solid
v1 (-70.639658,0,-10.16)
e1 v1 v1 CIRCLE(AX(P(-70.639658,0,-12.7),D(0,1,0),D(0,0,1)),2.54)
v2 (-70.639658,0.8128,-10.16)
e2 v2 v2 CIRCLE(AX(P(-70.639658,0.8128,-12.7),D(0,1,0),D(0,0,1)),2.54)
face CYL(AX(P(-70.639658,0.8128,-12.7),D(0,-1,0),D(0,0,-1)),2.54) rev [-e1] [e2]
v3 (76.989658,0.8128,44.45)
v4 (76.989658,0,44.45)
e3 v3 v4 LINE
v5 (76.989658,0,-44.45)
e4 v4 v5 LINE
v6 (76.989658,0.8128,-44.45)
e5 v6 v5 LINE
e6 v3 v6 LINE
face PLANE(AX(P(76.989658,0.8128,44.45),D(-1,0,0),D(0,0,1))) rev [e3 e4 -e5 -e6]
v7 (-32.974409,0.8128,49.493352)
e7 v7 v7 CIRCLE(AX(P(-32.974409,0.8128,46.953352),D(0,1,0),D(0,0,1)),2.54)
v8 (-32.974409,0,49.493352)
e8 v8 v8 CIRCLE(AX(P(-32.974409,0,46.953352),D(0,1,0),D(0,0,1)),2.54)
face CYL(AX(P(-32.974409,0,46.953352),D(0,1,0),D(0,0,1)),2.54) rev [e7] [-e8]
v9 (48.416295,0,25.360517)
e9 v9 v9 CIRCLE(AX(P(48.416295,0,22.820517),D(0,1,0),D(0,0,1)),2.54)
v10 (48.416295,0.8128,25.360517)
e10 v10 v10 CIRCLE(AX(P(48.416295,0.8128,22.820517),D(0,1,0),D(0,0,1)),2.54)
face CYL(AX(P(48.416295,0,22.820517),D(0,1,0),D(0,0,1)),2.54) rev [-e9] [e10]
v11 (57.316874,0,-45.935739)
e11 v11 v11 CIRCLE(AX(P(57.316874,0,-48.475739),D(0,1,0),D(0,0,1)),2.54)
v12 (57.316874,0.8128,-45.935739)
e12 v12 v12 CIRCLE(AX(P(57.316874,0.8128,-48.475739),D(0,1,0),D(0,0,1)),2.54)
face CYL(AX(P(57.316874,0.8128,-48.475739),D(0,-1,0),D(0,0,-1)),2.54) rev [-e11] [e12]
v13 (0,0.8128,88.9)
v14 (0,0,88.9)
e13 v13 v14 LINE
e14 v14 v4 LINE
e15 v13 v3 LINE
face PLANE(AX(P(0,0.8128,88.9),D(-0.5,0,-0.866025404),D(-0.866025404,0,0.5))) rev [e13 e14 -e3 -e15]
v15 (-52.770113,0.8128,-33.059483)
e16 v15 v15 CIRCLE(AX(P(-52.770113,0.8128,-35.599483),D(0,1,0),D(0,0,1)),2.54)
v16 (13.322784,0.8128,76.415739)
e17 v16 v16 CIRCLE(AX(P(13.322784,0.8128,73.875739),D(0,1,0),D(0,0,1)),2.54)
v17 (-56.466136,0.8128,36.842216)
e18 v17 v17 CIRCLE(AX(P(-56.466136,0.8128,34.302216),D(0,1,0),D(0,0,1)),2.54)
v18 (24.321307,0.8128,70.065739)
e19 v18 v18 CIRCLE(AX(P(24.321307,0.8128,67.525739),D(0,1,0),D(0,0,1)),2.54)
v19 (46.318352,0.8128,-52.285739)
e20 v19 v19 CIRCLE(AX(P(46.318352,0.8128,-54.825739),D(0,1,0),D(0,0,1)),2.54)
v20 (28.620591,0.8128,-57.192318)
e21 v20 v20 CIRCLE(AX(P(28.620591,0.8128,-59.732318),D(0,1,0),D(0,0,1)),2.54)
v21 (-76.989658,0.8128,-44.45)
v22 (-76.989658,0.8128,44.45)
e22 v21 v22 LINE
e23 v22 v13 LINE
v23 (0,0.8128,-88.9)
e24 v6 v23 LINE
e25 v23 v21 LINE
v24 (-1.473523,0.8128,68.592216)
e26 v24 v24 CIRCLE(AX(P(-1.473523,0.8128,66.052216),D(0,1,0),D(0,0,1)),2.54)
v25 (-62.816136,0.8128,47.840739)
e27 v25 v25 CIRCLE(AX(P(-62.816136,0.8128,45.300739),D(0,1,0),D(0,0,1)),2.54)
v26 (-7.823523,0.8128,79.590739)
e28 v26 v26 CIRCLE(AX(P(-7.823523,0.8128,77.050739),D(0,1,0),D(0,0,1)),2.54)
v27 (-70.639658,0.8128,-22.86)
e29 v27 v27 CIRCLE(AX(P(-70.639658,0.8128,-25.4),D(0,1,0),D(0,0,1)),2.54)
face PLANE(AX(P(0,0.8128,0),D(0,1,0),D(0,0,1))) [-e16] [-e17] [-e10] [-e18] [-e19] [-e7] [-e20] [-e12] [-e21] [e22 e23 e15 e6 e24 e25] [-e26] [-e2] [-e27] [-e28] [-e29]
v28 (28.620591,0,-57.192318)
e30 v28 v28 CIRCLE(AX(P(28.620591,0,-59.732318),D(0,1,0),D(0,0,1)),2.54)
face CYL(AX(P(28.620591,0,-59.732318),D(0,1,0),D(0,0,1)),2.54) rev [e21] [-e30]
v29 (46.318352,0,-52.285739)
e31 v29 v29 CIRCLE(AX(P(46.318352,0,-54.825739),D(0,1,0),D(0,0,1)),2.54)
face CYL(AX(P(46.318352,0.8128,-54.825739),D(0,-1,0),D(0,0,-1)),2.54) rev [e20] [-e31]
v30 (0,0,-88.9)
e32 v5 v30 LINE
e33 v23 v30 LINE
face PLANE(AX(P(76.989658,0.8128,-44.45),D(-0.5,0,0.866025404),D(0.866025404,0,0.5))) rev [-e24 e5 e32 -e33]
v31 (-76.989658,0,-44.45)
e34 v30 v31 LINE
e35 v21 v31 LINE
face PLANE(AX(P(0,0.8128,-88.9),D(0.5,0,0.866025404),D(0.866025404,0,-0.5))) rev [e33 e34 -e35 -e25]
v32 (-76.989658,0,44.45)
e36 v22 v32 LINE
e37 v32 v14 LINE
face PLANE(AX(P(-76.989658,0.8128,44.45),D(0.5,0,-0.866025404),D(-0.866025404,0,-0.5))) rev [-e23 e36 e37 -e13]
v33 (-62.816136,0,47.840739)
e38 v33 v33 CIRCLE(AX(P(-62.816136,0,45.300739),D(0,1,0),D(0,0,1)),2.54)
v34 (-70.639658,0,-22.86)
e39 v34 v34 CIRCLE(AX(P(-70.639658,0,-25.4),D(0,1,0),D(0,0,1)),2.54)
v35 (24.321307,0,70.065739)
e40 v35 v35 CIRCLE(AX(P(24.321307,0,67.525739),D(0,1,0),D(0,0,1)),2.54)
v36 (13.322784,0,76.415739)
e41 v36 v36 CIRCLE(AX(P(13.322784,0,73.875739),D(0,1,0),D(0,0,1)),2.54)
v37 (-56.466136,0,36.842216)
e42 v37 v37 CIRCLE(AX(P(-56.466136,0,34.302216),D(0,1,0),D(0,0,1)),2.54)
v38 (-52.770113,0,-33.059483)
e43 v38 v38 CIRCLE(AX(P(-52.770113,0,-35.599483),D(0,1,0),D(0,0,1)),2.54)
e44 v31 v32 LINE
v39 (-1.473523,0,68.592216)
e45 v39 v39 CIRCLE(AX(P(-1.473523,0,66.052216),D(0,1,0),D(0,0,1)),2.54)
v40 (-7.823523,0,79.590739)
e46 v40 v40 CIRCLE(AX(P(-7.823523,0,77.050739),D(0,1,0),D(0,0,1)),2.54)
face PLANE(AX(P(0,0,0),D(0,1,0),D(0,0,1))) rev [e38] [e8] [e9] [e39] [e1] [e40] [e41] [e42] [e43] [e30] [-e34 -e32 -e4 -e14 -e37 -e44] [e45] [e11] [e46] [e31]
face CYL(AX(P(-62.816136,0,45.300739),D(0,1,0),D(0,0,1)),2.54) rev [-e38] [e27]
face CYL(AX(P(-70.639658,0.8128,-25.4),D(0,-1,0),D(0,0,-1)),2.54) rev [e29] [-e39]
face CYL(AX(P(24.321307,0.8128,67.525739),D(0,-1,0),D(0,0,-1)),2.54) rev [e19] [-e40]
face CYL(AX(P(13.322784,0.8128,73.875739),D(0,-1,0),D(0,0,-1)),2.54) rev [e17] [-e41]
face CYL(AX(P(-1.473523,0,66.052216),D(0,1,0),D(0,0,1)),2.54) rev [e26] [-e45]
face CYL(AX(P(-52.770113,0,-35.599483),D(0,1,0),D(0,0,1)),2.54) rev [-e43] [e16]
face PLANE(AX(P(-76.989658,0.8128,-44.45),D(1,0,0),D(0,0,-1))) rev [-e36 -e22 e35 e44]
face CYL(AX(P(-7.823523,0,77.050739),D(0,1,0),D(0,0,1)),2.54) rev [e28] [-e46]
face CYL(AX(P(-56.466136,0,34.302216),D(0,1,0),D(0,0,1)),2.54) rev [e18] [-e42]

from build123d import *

# Parameters (mm, degrees)
SKETCH1_R           = 2.54
BOSS_EXTRUDE1_DEPTH = 0.8128
SKETCH2_R           = 2.54
CUT_EXTRUDE1_DEPTH  = 118.606454516
SKETCH3_R           = 2.54
CUT_EXTRUDE2_DEPTH  = 118.606454516


with BuildPart() as part:
    # Sketch1 → Boss-Extrude1 (new body)
    with BuildSketch(Plane(origin=(0, 0, 0), x_dir=(1, 0, 0), z_dir=(0, 1, 0))):
        Polygon((0, 88.9), (-76.989658396, 44.45), (-76.989658396, -44.45), (0, -88.9), (76.989658396, -44.45), (76.989658396, 44.45), align=None)
        with Locations(Location((13.322783942, -73.875738686, 0), (0, 0, 270))):
            Circle(SKETCH1_R, mode=Mode.SUBTRACT)
        with Locations(Location((24.32130657, -67.525738686, 0), (0, 0, 270))):
            Circle(SKETCH1_R, mode=Mode.SUBTRACT)
        with Locations(Location((-70.639658396, 12.7, 0), (0, 0, 270))):
            Circle(SKETCH1_R, mode=Mode.SUBTRACT)
        with Locations(Location((-70.639658396, 25.4, 0), (0, 0, 270))):
            Circle(SKETCH1_R, mode=Mode.SUBTRACT)
        with Locations(Location((46.318351826, 54.825738686, 0), (0, 0, 270))):
            Circle(SKETCH1_R, mode=Mode.SUBTRACT)
        with Locations(Location((57.316874454, 48.475738686, 0), (0, 0, 270))):
            Circle(SKETCH1_R, mode=Mode.SUBTRACT)
    extrude(amount=BOSS_EXTRUDE1_DEPTH)

    # Sketch2 → Cut-Extrude1 (cut, through all)
    with BuildSketch(Plane(origin=(0, 0.8128, 0), x_dir=(1, 0, 0), z_dir=(0, 1, 0))):
        with Locations(Location((28.620590949, 59.732317666, 0), (0, 0, 270))):
            Circle(SKETCH2_R)
        with Locations(Location((48.416295038, -22.82051708, 0), (0, 0, 270))):
            Circle(SKETCH2_R)
        with Locations(Location((-52.77011314, 35.59948292, 0), (0, 0, 270))):
            Circle(SKETCH2_R)
        with Locations(Location((-32.974409051, -46.953351826, 0), (0, 0, 270))):
            Circle(SKETCH2_R)
    extrude(amount=-CUT_EXTRUDE1_DEPTH, mode=Mode.SUBTRACT)

    # Sketch3 → Cut-Extrude2 (cut, through all)
    with BuildSketch(Plane(origin=(0, 0.8128, 0), x_dir=(1, 0, 0), z_dir=(0, 1, 0))):
        with Locations(Location((-7.823522628, -77.050738686, 0), (0, 0, 270))):
            Circle(SKETCH3_R)
        with Locations(Location((-62.816135768, -45.300738686, 0), (0, 0, 270))):
            Circle(SKETCH3_R)
        with Locations(Location((-56.466135768, -34.302216058, 0), (0, 0, 270))):
            Circle(SKETCH3_R)
        with Locations(Location((-1.473522628, -66.052216058, 0), (0, 0, 270))):
            Circle(SKETCH3_R)
    extrude(amount=-CUT_EXTRUDE2_DEPTH, mode=Mode.SUBTRACT)


solid = part.part
